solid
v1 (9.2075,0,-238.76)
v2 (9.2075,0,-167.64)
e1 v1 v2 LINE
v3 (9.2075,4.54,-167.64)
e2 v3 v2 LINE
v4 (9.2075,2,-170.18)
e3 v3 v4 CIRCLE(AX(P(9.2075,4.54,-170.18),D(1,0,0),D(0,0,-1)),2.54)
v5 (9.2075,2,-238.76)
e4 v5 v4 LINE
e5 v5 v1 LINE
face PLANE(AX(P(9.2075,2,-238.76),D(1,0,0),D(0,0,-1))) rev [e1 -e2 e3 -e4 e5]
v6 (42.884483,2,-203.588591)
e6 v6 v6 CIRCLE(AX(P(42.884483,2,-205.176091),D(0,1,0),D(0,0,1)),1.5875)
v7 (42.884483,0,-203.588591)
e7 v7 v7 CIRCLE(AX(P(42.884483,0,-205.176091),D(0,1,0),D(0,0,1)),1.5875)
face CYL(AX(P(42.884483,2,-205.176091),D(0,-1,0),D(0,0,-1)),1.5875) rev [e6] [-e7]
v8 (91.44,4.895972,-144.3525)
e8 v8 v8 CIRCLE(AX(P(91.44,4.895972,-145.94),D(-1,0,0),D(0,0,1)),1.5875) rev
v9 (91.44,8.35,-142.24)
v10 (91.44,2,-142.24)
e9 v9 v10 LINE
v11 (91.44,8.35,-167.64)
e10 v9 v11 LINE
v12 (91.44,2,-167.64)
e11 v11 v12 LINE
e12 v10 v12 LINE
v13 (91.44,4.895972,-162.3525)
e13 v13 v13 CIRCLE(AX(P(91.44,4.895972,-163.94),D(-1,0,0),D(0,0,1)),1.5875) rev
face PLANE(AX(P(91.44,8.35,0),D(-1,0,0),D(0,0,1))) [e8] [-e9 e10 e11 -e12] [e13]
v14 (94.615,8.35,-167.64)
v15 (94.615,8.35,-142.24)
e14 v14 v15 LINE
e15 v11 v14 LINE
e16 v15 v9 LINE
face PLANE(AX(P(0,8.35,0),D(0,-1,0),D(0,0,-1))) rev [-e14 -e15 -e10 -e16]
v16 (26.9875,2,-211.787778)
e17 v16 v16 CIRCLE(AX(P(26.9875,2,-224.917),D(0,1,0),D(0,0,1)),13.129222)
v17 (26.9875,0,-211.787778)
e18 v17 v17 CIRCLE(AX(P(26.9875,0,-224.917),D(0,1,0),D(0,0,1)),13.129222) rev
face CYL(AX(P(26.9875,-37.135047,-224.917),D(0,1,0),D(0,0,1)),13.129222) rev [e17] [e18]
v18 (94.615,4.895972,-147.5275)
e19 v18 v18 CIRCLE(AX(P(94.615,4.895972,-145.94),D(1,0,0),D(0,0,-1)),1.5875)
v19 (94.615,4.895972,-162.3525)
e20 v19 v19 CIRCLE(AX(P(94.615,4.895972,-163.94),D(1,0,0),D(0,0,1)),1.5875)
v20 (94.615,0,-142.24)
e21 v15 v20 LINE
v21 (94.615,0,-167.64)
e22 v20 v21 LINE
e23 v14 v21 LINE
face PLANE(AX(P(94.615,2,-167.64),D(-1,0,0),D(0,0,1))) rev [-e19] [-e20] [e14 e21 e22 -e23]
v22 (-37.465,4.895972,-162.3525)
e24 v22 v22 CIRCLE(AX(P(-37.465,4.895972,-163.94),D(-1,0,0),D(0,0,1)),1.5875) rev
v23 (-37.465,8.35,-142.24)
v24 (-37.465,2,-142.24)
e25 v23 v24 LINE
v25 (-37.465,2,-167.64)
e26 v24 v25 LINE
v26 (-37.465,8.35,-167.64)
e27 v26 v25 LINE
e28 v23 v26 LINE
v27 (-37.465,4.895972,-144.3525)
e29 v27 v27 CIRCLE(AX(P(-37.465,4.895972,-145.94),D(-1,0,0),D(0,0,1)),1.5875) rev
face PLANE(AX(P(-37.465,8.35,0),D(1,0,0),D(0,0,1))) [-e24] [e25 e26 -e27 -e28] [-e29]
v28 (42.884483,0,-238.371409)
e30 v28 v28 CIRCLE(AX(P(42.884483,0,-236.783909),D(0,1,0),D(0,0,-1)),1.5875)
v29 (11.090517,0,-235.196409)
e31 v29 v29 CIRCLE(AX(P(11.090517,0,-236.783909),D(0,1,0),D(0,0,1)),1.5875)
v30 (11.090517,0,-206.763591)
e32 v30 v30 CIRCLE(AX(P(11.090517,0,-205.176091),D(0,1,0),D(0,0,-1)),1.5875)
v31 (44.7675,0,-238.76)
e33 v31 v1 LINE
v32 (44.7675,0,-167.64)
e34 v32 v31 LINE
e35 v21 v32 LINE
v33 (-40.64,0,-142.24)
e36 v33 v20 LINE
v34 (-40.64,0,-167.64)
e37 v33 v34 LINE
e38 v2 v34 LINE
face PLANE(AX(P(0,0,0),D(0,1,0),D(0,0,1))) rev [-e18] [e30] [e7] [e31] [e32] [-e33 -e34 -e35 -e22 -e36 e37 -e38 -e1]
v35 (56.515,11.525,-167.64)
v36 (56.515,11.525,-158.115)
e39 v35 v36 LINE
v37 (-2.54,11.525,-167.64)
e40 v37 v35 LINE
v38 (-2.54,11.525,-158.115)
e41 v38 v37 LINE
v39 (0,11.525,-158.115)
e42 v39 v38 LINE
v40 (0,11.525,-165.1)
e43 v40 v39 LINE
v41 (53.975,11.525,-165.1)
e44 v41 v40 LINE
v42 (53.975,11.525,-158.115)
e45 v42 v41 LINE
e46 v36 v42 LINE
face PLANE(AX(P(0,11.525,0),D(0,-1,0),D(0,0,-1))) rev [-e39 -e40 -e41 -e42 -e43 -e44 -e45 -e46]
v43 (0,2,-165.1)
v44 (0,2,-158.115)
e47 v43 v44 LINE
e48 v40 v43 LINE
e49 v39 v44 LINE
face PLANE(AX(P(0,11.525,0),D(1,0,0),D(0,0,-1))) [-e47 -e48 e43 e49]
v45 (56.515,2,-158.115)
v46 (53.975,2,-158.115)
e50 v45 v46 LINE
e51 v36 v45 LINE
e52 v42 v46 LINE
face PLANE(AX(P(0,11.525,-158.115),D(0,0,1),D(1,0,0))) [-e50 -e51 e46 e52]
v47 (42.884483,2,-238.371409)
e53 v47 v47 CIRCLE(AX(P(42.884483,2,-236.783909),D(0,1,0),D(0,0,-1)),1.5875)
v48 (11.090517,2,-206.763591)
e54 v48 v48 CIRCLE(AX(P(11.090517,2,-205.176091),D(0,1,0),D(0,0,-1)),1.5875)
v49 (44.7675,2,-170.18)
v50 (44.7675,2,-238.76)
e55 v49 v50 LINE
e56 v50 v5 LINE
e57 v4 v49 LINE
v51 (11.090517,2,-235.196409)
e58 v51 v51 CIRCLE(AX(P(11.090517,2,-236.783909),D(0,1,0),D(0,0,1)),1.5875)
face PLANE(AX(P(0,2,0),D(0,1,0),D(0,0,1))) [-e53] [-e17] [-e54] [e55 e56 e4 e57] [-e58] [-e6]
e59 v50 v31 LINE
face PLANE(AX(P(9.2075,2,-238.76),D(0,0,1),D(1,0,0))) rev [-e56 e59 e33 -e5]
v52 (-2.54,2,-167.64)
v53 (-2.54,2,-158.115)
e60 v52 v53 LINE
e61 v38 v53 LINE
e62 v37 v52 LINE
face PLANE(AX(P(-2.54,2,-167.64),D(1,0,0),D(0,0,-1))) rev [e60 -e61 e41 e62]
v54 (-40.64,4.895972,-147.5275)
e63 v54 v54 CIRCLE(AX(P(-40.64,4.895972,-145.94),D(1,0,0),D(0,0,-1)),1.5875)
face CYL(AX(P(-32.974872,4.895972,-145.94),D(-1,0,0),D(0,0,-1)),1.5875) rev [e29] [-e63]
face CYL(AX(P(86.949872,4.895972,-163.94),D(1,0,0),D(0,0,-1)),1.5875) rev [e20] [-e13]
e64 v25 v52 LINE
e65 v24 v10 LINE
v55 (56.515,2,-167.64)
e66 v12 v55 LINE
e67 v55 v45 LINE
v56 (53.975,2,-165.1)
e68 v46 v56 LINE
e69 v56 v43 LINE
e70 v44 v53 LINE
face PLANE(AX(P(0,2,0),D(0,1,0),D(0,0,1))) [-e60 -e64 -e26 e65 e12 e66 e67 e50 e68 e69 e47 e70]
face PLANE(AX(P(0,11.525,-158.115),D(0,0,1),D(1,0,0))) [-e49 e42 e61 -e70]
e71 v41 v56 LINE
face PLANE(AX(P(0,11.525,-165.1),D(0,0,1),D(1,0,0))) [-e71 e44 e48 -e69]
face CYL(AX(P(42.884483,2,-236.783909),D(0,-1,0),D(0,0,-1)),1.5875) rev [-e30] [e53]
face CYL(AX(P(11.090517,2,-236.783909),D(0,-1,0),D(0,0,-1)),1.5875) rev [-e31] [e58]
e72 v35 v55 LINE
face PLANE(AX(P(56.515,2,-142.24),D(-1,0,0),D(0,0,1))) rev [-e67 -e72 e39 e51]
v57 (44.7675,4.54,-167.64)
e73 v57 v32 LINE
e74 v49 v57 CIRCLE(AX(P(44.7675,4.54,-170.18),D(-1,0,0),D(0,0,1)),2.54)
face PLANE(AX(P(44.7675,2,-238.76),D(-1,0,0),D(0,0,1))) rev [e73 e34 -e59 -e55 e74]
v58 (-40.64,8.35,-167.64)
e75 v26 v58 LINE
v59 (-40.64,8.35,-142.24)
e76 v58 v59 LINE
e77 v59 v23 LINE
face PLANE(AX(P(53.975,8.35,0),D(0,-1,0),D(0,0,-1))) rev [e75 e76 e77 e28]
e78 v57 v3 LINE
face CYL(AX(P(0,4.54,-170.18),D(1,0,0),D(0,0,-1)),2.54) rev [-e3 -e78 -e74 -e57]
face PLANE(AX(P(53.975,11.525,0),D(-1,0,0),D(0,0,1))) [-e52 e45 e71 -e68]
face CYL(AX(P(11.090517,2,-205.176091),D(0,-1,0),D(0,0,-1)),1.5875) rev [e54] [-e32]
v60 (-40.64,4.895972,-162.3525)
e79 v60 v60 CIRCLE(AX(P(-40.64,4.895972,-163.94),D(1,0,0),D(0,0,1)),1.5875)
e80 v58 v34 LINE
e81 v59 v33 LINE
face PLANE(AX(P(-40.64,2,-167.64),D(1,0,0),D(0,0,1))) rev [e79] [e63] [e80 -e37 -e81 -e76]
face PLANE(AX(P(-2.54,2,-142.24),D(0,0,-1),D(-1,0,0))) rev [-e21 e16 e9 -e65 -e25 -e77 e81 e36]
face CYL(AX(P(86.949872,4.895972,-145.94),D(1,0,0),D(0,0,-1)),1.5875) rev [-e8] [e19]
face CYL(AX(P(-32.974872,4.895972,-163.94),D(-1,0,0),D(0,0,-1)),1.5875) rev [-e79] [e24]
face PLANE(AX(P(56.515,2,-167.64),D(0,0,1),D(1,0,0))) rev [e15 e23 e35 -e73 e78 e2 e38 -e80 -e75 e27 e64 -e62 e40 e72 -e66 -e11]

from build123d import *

# Parameters (mm, degrees)
SKETCH2_W           = 59.055
SKETCH2_H           = 25.4
BOSS_EXTRUDE1_DEPTH = 2
BOSS_EXTRUDE2_START = 2
BOSS_EXTRUDE2_DEPTH = 9.525
SKETCH3_W           = 38.1
SKETCH3_H           = 25.4
BOSS_EXTRUDE3_DEPTH = 2
BOSS_EXTRUDE4_START = 2
SKETCH4_W           = 3.175
SKETCH4_H           = 25.4
BOSS_EXTRUDE4_DEPTH = 6.35
SKETCH5_R           = 1.5875
CUT_EXTRUDE1_DEPTH  = 3.175
SKETCH6_W           = 35.56
SKETCH6_H           = 71.12
SKETCH6_R           = 1.5875
BOSS_EXTRUDE5_DEPTH = 2
FILLET1_R           = 2.54
SKETCH10_R          = 13.129221829
CUT_EXTRUDE2_DEPTH  = 2


with BuildPart() as part:
    # Sketch2 → Boss-Extrude1 (new body)
    with BuildSketch(Plane(origin=(0, 0, 0), x_dir=(1, 0, 0), z_dir=(0, 1, 0))):
        with Locations((26.9875, 154.94)):
            Rectangle(SKETCH2_W, SKETCH2_H)
    extrude(amount=BOSS_EXTRUDE1_DEPTH)

    # Sketch1 → Boss-Extrude2 (add)
    with BuildSketch(Plane(origin=(0, 0, 0), x_dir=(1, 0, 0), z_dir=(0, 1, 0)).offset(BOSS_EXTRUDE2_START)):
        Polygon((-2.54, 167.64), (-2.54, 158.115), (0, 158.115), (0, 165.1), (53.975, 165.1), (53.975, 158.115), (56.515, 158.115), (56.515, 167.64), align=None)
    extrude(amount=BOSS_EXTRUDE2_DEPTH)

    # Sketch3 → Boss-Extrude3 (add)
    with BuildSketch(Plane(origin=(0, 0, 0), x_dir=(1, 0, 0), z_dir=(0, 1, 0))):
        with Locations((75.565, 154.94)):
            Rectangle(SKETCH3_W, SKETCH3_H)
    extrude(amount=BOSS_EXTRUDE3_DEPTH)

    # Sketch4 → Boss-Extrude4 (add)
    with BuildSketch(Plane(origin=(0, 0, 0), x_dir=(1, 0, 0), z_dir=(0, 1, 0)).offset(BOSS_EXTRUDE4_START)):
        with Locations((93.0275, 154.94)):
            Rectangle(SKETCH4_W, SKETCH4_H)
    extrude(amount=BOSS_EXTRUDE4_DEPTH)

    # Sketch5 → Cut-Extrude1 (cut)
    with BuildSketch(Plane(origin=(94.615, 0, 0), x_dir=(0, 0, -1), z_dir=(1, 0, 0))):
        with Locations((145.94, 4.895971622)):
            Circle(SKETCH5_R)
        with Locations(Location((163.94, 4.895971622, 0), (0, 0, 180))):
            Circle(SKETCH5_R)
    extrude(amount=-CUT_EXTRUDE1_DEPTH, mode=Mode.SUBTRACT)

    # Mirror1: part across plane


with BuildPart() as part_1:
    add(part.part)
    add(part.part.mirror(Plane(origin=(26.9875, 0, 0), x_dir=(0, 0, 1), z_dir=(1, 0, 0))))

    # Sketch6 → Boss-Extrude5 (add)
    with BuildSketch(Plane(origin=(0, 0, 0), x_dir=(1, 0, 0), z_dir=(0, 1, 0))):
        with Locations((26.9875, 203.2)):
            Rectangle(SKETCH6_W, SKETCH6_H)
        with Locations(Location((11.09051688, 236.783908574, 0), (0, 0, 270))):
            Circle(SKETCH6_R, mode=Mode.SUBTRACT)
        with Locations(Location((11.09051688, 205.176091426, 0), (0, 0, 90))):
            Circle(SKETCH6_R, mode=Mode.SUBTRACT)
        with Locations(Location((42.88448312, 205.176091426, 0), (0, 0, 270))):
            Circle(SKETCH6_R, mode=Mode.SUBTRACT)
        with Locations(Location((42.88448312, 236.783908574, 0), (0, 0, 90))):
            Circle(SKETCH6_R, mode=Mode.SUBTRACT)
    extrude(amount=BOSS_EXTRUDE5_DEPTH)

    # Fillet1
    fillet1_edges = [part_1.edges().sort_by_distance(p)[0] for p in [
        (26.9875, 2, -167.64),
    ]]
    fillet(fillet1_edges, radius=FILLET1_R)

    # Sketch10 → Cut-Extrude2 (cut)
    with BuildSketch(Plane(origin=(0, 2, 0), x_dir=(1, 0, 0), z_dir=(0, 1, 0))):
        with Locations(Location((26.9875, 224.917, 0), (0, 0, 270))):
            Circle(SKETCH10_R)
    extrude(amount=-CUT_EXTRUDE2_DEPTH, mode=Mode.SUBTRACT)


solid = part_1.part
